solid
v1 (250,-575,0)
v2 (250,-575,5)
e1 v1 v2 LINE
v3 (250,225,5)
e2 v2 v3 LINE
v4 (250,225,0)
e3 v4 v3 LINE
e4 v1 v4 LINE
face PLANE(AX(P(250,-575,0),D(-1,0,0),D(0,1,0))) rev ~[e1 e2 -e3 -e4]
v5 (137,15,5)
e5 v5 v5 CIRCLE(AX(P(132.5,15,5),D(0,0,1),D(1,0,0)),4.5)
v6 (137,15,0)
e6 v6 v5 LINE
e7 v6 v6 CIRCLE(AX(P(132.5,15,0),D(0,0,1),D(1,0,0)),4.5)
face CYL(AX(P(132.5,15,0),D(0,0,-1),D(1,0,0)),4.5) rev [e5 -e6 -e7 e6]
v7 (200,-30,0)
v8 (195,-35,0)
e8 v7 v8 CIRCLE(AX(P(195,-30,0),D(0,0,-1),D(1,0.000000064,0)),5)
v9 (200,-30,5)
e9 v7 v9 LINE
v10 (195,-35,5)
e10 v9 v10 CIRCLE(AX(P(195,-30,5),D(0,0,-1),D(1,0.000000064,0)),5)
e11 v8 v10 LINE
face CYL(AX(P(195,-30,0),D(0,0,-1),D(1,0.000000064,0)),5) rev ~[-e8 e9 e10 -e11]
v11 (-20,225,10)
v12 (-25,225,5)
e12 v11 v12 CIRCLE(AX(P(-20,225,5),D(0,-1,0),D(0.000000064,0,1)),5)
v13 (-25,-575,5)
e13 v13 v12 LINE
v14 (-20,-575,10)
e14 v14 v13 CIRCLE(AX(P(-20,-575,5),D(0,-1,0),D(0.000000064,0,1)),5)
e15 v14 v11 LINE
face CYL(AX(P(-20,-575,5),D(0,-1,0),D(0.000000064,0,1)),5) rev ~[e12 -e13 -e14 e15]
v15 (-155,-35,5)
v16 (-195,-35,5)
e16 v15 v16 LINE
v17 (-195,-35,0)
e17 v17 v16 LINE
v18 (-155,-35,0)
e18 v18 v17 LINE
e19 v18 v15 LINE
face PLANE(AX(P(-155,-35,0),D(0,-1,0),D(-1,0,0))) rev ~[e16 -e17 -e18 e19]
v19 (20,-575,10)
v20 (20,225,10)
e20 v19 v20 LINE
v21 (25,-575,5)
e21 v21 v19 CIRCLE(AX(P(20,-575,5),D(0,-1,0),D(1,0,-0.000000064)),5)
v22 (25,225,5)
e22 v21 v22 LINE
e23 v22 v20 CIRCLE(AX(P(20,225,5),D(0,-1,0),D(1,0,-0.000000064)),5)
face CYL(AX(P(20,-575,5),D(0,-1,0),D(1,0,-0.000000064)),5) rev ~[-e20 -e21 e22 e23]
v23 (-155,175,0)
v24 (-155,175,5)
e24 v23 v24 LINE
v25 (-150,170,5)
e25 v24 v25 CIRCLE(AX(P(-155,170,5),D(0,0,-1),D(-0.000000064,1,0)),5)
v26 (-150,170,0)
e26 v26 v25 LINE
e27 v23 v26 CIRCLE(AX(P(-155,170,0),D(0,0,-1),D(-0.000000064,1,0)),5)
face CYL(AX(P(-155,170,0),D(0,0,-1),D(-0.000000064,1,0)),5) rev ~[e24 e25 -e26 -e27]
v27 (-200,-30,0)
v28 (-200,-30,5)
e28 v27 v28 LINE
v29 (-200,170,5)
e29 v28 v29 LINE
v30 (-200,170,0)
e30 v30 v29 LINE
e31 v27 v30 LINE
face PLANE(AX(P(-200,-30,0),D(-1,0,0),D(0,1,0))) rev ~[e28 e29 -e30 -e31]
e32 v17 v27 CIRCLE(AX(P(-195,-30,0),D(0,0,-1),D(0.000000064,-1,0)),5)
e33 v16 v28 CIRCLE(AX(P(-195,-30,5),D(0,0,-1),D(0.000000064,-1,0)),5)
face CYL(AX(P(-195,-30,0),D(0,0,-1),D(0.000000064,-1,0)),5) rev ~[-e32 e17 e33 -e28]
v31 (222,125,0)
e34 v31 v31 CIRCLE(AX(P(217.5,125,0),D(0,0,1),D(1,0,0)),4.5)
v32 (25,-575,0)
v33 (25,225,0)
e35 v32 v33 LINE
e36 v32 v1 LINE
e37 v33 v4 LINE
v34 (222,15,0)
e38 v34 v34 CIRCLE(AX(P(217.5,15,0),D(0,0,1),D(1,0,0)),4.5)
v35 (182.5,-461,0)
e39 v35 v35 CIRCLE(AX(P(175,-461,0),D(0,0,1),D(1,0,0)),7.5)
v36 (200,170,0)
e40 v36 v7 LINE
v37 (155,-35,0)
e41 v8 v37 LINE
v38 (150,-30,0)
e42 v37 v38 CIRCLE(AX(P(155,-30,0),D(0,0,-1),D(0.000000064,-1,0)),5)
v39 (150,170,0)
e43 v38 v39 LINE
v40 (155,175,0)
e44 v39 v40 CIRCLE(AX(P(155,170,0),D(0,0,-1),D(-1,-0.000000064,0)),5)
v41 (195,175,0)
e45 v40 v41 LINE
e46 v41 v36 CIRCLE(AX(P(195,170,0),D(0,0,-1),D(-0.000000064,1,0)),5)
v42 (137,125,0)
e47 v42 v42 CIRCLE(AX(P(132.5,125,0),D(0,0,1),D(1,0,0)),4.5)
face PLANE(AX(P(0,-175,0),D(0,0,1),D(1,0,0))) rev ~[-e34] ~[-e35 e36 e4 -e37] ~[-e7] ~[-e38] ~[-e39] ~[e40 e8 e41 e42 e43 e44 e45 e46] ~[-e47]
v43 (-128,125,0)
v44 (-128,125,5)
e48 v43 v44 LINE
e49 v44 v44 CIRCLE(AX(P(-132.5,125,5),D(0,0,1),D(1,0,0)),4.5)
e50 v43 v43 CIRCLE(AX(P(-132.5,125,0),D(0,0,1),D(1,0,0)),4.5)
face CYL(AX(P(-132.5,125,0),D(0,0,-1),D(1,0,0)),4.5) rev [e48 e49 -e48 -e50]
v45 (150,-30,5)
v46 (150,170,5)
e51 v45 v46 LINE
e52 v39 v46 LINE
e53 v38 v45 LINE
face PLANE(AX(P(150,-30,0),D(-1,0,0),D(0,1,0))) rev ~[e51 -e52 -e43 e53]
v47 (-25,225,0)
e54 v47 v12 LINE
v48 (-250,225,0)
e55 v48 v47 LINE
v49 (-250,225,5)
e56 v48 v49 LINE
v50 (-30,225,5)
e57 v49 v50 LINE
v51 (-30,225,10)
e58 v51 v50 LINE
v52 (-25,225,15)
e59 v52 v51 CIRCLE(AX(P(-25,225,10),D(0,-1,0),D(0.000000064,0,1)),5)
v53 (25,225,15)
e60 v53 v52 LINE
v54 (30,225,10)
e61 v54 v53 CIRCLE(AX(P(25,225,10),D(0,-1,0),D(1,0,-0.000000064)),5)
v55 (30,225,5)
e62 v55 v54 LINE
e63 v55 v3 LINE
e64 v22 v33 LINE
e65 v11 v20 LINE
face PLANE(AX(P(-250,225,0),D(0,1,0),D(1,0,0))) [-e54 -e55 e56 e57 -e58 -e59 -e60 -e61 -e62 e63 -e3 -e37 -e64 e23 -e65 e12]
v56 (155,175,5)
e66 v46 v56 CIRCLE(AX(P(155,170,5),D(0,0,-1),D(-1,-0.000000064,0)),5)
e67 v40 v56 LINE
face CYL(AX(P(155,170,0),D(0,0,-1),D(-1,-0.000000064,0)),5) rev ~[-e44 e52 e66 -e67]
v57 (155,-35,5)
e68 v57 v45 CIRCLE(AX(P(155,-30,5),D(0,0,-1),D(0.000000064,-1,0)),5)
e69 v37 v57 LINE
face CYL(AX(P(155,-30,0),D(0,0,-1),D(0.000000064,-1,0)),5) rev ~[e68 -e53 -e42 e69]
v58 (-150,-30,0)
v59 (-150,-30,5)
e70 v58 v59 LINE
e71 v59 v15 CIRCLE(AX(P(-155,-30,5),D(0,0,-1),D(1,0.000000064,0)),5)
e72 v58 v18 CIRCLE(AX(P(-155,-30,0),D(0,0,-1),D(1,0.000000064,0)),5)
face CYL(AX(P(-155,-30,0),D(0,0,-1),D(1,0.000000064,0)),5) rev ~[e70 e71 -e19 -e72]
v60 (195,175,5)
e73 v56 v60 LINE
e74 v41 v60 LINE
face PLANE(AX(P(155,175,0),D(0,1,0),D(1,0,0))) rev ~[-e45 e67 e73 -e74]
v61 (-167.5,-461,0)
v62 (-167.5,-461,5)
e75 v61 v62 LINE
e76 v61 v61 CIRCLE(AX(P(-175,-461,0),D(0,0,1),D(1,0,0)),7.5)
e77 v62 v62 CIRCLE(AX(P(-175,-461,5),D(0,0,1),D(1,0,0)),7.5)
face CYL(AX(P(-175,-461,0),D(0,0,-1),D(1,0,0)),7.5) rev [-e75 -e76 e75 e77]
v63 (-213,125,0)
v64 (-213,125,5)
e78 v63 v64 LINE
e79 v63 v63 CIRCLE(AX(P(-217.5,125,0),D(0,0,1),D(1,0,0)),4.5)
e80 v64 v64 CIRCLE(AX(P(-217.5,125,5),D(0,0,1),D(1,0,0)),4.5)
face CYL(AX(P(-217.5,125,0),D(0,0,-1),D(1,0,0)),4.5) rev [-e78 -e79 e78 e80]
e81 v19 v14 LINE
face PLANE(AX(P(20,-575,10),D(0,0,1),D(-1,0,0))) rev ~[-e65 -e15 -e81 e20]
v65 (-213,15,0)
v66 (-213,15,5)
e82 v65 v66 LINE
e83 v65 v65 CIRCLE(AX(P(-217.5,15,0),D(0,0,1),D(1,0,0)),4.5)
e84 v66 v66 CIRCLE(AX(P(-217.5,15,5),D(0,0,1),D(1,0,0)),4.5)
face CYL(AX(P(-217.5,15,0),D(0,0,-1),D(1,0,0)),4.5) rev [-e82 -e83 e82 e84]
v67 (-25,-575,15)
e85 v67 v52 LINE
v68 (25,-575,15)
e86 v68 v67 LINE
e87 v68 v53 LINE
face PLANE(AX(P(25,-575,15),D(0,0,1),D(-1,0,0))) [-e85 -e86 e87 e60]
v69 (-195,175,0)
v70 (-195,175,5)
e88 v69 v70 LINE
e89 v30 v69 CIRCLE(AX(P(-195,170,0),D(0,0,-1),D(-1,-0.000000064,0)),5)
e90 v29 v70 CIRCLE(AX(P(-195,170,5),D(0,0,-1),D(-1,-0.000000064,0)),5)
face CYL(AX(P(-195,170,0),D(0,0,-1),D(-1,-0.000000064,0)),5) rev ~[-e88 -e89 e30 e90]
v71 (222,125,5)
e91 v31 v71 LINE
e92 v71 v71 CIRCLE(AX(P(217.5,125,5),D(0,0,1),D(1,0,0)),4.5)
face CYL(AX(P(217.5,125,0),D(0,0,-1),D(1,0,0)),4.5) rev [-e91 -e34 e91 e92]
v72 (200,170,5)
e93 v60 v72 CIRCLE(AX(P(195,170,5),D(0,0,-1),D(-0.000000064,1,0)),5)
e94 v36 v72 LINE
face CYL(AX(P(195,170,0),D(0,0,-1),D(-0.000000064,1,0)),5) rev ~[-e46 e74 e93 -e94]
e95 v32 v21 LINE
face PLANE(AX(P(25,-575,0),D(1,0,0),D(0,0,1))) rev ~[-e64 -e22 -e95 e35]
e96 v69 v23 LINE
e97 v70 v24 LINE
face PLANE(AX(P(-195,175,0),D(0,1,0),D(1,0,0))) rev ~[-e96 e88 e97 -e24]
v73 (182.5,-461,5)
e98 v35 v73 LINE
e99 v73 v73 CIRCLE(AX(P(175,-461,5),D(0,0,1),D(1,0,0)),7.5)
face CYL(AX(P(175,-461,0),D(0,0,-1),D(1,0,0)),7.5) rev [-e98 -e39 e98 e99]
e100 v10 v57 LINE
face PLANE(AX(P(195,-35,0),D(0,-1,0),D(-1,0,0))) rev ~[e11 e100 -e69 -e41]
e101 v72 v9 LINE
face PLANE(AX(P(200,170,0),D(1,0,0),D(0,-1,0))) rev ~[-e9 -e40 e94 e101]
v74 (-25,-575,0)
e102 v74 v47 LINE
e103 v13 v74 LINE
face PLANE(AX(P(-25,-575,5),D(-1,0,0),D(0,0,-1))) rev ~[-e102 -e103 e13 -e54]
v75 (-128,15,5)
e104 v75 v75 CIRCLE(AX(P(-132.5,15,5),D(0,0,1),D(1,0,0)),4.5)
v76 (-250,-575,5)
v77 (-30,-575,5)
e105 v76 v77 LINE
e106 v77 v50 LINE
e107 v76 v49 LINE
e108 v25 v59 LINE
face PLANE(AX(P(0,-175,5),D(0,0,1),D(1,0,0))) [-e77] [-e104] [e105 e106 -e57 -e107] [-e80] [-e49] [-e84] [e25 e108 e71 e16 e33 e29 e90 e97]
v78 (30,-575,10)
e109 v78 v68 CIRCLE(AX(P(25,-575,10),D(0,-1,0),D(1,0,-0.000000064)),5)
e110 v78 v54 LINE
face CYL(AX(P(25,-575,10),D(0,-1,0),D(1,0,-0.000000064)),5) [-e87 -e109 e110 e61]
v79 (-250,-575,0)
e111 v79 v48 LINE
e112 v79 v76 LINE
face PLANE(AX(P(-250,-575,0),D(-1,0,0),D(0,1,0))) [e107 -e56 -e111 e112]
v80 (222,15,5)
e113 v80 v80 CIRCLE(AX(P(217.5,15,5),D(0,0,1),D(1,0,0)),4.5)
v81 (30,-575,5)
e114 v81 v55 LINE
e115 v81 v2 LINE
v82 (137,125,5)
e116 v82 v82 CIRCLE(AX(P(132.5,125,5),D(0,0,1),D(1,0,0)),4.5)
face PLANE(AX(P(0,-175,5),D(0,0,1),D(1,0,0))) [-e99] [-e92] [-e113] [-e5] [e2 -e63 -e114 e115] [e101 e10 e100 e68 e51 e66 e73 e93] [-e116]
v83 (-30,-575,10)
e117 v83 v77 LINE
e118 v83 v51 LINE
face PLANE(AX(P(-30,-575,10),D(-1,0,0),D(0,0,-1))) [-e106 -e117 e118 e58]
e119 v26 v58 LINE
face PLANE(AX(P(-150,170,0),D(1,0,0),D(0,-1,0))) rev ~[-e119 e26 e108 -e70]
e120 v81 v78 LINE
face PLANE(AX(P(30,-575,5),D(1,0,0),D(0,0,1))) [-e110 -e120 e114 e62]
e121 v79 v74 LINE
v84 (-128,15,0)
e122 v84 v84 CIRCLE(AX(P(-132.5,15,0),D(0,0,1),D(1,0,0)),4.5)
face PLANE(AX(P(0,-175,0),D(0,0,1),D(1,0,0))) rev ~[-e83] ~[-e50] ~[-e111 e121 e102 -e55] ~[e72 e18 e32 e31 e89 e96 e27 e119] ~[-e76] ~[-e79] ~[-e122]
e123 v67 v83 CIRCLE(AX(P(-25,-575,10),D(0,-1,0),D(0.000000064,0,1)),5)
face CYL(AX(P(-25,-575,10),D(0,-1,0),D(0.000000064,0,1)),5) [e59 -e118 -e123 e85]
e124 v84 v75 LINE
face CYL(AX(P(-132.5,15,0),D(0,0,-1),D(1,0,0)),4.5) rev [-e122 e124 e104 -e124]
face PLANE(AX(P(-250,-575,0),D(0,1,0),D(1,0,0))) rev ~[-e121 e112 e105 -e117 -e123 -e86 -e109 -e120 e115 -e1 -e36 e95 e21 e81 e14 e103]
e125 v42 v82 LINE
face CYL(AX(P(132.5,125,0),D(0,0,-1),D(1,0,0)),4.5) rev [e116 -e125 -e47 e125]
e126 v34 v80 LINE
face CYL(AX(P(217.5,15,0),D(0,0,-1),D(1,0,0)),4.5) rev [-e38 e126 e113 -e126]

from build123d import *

# Parameters (mm, degrees)
F0_W     = 500
F0_H     = 800
F0_R     = 7.5
F0_R_2   = 4.5
F1_DEPTH = 5
F3_DEPTH = 800
F5_DEPTH = 800.001


with BuildPart() as f1:
    # F0 (on Top) → F1 (new body)
    with BuildSketch(Plane.XY):
        with Locations((0, -175)):
            Rectangle(F0_W, F0_H)
        with Locations((-175, -461)):
            Circle(F0_R, mode=Mode.SUBTRACT)
        with Locations((175, -461)):
            Circle(F0_R, mode=Mode.SUBTRACT)
        with Locations((-217.5, 15)):
            Circle(F0_R_2, mode=Mode.SUBTRACT)
        with Locations((-132.5, 15)):
            Circle(F0_R_2, mode=Mode.SUBTRACT)
        with BuildLine():
            ThreePointArc((-200, 170), (-198.535534, 173.535534), (-195, 175))
            Line((-195, 175), (-155, 175))
            ThreePointArc((-155, 175), (-151.464466, 173.535534), (-150, 170))
            Line((-150, 170), (-150, -30))
            ThreePointArc((-150, -30), (-151.464466, -33.535534), (-155, -35))
            Line((-155, -35), (-195, -35))
            ThreePointArc((-195, -35), (-198.535534, -33.535534), (-200, -30))
            Line((-200, -30), (-200, 170))
        make_face(mode=Mode.SUBTRACT)
        with Locations((-217.5, 125)):
            Circle(F0_R_2, mode=Mode.SUBTRACT)
        with Locations((-132.5, 125)):
            Circle(F0_R_2, mode=Mode.SUBTRACT)
        with Locations((132.5, 15)):
            Circle(F0_R_2, mode=Mode.SUBTRACT)
        with Locations((217.5, 15)):
            Circle(F0_R_2, mode=Mode.SUBTRACT)
        with BuildLine():
            Line((195, -35), (155, -35))
            ThreePointArc((155, -35), (151.464466, -33.535534), (150, -30))
            Line((150, -30), (150, 170))
            ThreePointArc((150, 170), (151.464466, 173.535534), (155, 175))
            Line((155, 175), (195, 175))
            ThreePointArc((195, 175), (198.535534, 173.535534), (200, 170))
            Line((200, 170), (200, -30))
            ThreePointArc((200, -30), (198.535534, -33.535534), (195, -35))
        make_face(mode=Mode.SUBTRACT)
        with Locations((132.5, 125)):
            Circle(F0_R_2, mode=Mode.SUBTRACT)
        with Locations((217.5, 125)):
            Circle(F0_R_2, mode=Mode.SUBTRACT)
    extrude(amount=F1_DEPTH)

    # F2 (on face) → F3 (join, through all)
    with BuildSketch(Plane.XZ.offset(575)):
        with BuildLine():
            Line((25, 15), (0, 15))
            Line((0, 15), (-25, 15))
            ThreePointArc((-25, 15), (-28.535534, 13.535534), (-30, 10))
            Line((-30, 10), (-30, 5))
            Line((-30, 5), (30, 5))
            Line((30, 5), (30, 10))
            ThreePointArc((30, 10), (28.535534, 13.535534), (25, 15))
        make_face()
    extrude(amount=-F3_DEPTH)

    # F4 (on face) → F5 (cut, through all)
    with BuildSketch(Plane.XZ.offset(575)):
        with BuildLine():
            Line((-25, 5), (-25, 0))
            Line((-25, 0), (25, 0))
            Line((25, 0), (25, 5))
            ThreePointArc((25, 5), (23.535534, 8.535534), (20, 10))
            Line((20, 10), (-20, 10))
            ThreePointArc((-20, 10), (-23.535534, 8.535534), (-25, 5))
        make_face()
    extrude(amount=-F5_DEPTH, mode=Mode.SUBTRACT)


solid = f1.part
